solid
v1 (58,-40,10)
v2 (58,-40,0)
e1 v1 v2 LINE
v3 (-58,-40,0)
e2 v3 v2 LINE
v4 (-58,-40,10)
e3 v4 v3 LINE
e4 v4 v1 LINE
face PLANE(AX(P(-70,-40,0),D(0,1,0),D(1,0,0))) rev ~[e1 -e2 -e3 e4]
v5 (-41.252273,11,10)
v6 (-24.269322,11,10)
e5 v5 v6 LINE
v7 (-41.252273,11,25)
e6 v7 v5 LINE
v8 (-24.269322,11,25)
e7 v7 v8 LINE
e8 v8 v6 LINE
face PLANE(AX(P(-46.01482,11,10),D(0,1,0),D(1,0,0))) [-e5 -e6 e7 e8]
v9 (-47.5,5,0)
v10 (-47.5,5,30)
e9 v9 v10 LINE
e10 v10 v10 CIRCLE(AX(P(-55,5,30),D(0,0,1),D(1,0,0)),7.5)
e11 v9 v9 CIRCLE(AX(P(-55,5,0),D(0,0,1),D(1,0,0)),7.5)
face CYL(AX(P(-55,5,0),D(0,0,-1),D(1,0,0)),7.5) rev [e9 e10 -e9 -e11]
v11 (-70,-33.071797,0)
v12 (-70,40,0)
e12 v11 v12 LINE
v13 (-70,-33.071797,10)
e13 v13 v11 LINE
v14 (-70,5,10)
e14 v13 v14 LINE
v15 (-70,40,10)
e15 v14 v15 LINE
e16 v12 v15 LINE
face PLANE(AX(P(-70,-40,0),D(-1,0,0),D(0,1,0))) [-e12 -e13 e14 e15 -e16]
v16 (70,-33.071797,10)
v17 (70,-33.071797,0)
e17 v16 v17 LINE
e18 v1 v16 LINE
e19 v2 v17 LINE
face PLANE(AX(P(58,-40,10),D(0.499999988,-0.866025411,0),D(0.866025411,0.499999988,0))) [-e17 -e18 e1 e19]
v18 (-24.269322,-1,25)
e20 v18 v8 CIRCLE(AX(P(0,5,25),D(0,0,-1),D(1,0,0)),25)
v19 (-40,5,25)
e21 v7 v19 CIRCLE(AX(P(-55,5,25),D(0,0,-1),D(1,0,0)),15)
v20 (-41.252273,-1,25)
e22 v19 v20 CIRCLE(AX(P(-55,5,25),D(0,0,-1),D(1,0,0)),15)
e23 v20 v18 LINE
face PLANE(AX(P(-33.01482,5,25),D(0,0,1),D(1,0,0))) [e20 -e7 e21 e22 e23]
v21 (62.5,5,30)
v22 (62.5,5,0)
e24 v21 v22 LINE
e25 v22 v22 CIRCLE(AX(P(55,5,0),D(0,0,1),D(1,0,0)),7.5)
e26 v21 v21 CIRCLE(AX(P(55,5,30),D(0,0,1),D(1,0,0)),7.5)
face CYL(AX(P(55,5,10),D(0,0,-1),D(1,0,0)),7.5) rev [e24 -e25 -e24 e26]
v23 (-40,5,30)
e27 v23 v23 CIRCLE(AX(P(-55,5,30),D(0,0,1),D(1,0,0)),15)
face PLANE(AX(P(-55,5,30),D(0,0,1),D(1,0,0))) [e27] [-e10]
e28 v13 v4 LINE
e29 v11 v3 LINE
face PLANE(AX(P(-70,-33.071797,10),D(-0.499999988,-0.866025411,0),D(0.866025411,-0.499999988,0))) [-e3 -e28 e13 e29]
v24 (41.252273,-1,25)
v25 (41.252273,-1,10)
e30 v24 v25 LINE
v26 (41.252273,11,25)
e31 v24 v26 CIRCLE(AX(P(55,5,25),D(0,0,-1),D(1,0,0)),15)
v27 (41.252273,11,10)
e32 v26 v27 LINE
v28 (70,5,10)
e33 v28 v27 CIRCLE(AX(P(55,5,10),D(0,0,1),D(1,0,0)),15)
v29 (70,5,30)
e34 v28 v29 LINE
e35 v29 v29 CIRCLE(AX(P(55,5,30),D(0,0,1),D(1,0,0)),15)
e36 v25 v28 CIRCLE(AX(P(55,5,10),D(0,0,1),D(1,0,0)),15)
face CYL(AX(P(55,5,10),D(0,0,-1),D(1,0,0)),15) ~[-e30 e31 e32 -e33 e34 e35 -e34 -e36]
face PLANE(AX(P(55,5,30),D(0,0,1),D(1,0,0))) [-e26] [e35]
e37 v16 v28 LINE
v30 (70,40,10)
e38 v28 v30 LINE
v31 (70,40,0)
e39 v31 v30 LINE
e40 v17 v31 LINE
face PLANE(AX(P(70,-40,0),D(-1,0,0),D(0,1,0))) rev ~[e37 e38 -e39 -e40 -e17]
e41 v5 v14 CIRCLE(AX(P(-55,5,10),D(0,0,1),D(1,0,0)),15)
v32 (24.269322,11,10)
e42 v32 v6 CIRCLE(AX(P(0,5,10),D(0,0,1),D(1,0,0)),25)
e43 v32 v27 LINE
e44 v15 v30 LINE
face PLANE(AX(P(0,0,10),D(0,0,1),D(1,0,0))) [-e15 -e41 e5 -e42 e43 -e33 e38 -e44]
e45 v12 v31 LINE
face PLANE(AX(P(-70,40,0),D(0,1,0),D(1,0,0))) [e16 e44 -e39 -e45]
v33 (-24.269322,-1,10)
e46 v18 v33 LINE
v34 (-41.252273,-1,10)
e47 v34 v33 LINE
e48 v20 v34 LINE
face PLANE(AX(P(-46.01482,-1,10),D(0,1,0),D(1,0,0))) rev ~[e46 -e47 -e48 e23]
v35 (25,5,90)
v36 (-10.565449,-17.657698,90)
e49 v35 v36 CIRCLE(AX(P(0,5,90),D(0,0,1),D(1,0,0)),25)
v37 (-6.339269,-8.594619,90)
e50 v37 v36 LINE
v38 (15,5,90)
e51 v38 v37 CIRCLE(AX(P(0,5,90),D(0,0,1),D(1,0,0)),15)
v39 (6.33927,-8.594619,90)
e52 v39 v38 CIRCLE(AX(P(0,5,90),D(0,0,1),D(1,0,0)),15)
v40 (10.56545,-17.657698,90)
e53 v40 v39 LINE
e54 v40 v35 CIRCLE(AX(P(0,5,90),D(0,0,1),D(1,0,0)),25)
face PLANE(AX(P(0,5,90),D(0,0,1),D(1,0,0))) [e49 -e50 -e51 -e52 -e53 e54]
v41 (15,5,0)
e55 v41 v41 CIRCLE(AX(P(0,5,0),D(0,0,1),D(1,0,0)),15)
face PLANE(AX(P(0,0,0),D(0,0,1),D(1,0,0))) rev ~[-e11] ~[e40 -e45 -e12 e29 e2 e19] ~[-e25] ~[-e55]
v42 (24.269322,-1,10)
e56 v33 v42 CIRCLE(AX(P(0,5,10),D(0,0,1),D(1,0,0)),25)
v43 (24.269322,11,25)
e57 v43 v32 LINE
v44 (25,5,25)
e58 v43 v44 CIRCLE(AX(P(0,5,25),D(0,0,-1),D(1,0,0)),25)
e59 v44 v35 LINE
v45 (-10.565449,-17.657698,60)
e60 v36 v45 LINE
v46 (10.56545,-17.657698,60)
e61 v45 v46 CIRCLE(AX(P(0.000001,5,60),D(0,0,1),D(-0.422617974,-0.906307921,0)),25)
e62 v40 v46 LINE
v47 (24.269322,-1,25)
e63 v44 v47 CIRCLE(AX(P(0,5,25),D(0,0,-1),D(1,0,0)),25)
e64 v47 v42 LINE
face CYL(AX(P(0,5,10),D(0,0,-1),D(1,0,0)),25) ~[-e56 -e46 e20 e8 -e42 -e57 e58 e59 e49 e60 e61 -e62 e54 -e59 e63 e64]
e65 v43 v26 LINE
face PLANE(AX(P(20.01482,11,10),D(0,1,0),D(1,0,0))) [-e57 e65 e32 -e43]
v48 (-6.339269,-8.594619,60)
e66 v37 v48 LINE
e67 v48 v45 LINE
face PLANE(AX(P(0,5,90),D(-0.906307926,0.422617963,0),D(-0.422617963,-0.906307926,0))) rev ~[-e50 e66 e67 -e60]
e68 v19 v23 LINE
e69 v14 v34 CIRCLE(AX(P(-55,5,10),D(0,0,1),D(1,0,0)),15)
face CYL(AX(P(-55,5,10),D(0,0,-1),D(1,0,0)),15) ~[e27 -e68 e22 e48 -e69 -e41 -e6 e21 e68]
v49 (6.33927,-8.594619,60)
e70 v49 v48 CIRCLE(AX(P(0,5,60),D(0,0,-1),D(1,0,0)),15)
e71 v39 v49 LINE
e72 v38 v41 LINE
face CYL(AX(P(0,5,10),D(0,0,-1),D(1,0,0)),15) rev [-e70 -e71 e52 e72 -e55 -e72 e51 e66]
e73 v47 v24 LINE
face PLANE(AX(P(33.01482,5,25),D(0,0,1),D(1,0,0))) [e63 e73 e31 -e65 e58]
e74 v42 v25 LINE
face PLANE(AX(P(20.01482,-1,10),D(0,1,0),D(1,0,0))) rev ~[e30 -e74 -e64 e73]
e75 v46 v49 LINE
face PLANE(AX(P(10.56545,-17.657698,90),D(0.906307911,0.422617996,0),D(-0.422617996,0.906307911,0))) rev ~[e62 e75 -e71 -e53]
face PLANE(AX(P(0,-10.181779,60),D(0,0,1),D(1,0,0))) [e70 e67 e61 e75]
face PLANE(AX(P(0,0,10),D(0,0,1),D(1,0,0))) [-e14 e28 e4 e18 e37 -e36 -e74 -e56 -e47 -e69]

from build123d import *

# Parameters (mm, degrees)
SKETCH_W        = 140
SKETCH_H        = 80
SKETCH_R        = 7.5
SKETCH_R_2      = 15
PAD_DEPTH       = 10
POCKET_DEPTH    = 11
SKETCH004_R     = 25
SKETCH004_R_2   = 15
PAD001_DEPTH    = 80
SKETCH005_R     = 15
SKETCH005_R_2   = 7.5
PAD002_DEPTH    = 20
SKETCH006_W     = 26
SKETCH006_H     = 12
PAD003_DEPTH    = 15
POCKET001_DEPTH = 30


with BuildPart() as part:
    # Sketch → Pad (new body)
    with BuildSketch(Plane.XY):
        Rectangle(SKETCH_W, SKETCH_H)
        with Locations((-55, 5)):
            Circle(SKETCH_R, mode=Mode.SUBTRACT)
        with Locations((55, 5)):
            Circle(SKETCH_R, mode=Mode.SUBTRACT)
        with Locations((0, 5)):
            Circle(SKETCH_R_2, mode=Mode.SUBTRACT)
    extrude(amount=PAD_DEPTH)

    # Sketch001 (on Face9 of Pad) → Pocket (cut)
    with BuildSketch(Plane.XY.offset(10)):
        Polygon((-70, -33.071797), (-58, -40), (-70, -40), align=None)
        Polygon((70, -33.071797), (70, -40), (58, -40), align=None)
    extrude(amount=-POCKET_DEPTH, mode=Mode.SUBTRACT)

    # Sketch004 → Pad001 (join)
    with BuildSketch(Plane.XY.offset(10)):
        with Locations((0, 5)):
            Circle(SKETCH004_R)
        with Locations((0, 5)):
            Circle(SKETCH004_R_2, mode=Mode.SUBTRACT)
    extrude(amount=PAD001_DEPTH)

    # Sketch005 (on Face4 of Pad001) → Pad002 (join)
    with BuildSketch(Plane.XY.offset(10)):
        with Locations((55, 5)):
            Circle(SKETCH005_R)
        with Locations((55, 5)):
            Circle(SKETCH005_R_2, mode=Mode.SUBTRACT)
        with Locations((-55, 5)):
            Circle(SKETCH005_R)
        with Locations((-55, 5)):
            Circle(SKETCH005_R_2, mode=Mode.SUBTRACT)
    extrude(amount=PAD002_DEPTH)

    # Sketch006 (on Face4 of Pad002) → Pad003 (join)
    with BuildSketch(Plane.XY.offset(10)):
        with Locations((-33.01482, 5)):
            Rectangle(SKETCH006_W, SKETCH006_H)
        with Locations((33.01482, 5)):
            Rectangle(SKETCH006_W, SKETCH006_H)
    extrude(amount=PAD003_DEPTH)

    # Sketch007 (on Face21 of Pad003) → Pocket001 (cut)
    with BuildSketch(Plane.XY.offset(90)):
        with BuildLine():
            ThreePointArc((-10.565449, -17.657698), (1e-06, -20), (10.56545, -17.657698))
            Line((10.56545, -17.657698), (0, 5))
            Line((0, 5), (-10.565449, -17.657698))
        make_face()
    extrude(amount=-POCKET001_DEPTH, mode=Mode.SUBTRACT)


solid = part.part
